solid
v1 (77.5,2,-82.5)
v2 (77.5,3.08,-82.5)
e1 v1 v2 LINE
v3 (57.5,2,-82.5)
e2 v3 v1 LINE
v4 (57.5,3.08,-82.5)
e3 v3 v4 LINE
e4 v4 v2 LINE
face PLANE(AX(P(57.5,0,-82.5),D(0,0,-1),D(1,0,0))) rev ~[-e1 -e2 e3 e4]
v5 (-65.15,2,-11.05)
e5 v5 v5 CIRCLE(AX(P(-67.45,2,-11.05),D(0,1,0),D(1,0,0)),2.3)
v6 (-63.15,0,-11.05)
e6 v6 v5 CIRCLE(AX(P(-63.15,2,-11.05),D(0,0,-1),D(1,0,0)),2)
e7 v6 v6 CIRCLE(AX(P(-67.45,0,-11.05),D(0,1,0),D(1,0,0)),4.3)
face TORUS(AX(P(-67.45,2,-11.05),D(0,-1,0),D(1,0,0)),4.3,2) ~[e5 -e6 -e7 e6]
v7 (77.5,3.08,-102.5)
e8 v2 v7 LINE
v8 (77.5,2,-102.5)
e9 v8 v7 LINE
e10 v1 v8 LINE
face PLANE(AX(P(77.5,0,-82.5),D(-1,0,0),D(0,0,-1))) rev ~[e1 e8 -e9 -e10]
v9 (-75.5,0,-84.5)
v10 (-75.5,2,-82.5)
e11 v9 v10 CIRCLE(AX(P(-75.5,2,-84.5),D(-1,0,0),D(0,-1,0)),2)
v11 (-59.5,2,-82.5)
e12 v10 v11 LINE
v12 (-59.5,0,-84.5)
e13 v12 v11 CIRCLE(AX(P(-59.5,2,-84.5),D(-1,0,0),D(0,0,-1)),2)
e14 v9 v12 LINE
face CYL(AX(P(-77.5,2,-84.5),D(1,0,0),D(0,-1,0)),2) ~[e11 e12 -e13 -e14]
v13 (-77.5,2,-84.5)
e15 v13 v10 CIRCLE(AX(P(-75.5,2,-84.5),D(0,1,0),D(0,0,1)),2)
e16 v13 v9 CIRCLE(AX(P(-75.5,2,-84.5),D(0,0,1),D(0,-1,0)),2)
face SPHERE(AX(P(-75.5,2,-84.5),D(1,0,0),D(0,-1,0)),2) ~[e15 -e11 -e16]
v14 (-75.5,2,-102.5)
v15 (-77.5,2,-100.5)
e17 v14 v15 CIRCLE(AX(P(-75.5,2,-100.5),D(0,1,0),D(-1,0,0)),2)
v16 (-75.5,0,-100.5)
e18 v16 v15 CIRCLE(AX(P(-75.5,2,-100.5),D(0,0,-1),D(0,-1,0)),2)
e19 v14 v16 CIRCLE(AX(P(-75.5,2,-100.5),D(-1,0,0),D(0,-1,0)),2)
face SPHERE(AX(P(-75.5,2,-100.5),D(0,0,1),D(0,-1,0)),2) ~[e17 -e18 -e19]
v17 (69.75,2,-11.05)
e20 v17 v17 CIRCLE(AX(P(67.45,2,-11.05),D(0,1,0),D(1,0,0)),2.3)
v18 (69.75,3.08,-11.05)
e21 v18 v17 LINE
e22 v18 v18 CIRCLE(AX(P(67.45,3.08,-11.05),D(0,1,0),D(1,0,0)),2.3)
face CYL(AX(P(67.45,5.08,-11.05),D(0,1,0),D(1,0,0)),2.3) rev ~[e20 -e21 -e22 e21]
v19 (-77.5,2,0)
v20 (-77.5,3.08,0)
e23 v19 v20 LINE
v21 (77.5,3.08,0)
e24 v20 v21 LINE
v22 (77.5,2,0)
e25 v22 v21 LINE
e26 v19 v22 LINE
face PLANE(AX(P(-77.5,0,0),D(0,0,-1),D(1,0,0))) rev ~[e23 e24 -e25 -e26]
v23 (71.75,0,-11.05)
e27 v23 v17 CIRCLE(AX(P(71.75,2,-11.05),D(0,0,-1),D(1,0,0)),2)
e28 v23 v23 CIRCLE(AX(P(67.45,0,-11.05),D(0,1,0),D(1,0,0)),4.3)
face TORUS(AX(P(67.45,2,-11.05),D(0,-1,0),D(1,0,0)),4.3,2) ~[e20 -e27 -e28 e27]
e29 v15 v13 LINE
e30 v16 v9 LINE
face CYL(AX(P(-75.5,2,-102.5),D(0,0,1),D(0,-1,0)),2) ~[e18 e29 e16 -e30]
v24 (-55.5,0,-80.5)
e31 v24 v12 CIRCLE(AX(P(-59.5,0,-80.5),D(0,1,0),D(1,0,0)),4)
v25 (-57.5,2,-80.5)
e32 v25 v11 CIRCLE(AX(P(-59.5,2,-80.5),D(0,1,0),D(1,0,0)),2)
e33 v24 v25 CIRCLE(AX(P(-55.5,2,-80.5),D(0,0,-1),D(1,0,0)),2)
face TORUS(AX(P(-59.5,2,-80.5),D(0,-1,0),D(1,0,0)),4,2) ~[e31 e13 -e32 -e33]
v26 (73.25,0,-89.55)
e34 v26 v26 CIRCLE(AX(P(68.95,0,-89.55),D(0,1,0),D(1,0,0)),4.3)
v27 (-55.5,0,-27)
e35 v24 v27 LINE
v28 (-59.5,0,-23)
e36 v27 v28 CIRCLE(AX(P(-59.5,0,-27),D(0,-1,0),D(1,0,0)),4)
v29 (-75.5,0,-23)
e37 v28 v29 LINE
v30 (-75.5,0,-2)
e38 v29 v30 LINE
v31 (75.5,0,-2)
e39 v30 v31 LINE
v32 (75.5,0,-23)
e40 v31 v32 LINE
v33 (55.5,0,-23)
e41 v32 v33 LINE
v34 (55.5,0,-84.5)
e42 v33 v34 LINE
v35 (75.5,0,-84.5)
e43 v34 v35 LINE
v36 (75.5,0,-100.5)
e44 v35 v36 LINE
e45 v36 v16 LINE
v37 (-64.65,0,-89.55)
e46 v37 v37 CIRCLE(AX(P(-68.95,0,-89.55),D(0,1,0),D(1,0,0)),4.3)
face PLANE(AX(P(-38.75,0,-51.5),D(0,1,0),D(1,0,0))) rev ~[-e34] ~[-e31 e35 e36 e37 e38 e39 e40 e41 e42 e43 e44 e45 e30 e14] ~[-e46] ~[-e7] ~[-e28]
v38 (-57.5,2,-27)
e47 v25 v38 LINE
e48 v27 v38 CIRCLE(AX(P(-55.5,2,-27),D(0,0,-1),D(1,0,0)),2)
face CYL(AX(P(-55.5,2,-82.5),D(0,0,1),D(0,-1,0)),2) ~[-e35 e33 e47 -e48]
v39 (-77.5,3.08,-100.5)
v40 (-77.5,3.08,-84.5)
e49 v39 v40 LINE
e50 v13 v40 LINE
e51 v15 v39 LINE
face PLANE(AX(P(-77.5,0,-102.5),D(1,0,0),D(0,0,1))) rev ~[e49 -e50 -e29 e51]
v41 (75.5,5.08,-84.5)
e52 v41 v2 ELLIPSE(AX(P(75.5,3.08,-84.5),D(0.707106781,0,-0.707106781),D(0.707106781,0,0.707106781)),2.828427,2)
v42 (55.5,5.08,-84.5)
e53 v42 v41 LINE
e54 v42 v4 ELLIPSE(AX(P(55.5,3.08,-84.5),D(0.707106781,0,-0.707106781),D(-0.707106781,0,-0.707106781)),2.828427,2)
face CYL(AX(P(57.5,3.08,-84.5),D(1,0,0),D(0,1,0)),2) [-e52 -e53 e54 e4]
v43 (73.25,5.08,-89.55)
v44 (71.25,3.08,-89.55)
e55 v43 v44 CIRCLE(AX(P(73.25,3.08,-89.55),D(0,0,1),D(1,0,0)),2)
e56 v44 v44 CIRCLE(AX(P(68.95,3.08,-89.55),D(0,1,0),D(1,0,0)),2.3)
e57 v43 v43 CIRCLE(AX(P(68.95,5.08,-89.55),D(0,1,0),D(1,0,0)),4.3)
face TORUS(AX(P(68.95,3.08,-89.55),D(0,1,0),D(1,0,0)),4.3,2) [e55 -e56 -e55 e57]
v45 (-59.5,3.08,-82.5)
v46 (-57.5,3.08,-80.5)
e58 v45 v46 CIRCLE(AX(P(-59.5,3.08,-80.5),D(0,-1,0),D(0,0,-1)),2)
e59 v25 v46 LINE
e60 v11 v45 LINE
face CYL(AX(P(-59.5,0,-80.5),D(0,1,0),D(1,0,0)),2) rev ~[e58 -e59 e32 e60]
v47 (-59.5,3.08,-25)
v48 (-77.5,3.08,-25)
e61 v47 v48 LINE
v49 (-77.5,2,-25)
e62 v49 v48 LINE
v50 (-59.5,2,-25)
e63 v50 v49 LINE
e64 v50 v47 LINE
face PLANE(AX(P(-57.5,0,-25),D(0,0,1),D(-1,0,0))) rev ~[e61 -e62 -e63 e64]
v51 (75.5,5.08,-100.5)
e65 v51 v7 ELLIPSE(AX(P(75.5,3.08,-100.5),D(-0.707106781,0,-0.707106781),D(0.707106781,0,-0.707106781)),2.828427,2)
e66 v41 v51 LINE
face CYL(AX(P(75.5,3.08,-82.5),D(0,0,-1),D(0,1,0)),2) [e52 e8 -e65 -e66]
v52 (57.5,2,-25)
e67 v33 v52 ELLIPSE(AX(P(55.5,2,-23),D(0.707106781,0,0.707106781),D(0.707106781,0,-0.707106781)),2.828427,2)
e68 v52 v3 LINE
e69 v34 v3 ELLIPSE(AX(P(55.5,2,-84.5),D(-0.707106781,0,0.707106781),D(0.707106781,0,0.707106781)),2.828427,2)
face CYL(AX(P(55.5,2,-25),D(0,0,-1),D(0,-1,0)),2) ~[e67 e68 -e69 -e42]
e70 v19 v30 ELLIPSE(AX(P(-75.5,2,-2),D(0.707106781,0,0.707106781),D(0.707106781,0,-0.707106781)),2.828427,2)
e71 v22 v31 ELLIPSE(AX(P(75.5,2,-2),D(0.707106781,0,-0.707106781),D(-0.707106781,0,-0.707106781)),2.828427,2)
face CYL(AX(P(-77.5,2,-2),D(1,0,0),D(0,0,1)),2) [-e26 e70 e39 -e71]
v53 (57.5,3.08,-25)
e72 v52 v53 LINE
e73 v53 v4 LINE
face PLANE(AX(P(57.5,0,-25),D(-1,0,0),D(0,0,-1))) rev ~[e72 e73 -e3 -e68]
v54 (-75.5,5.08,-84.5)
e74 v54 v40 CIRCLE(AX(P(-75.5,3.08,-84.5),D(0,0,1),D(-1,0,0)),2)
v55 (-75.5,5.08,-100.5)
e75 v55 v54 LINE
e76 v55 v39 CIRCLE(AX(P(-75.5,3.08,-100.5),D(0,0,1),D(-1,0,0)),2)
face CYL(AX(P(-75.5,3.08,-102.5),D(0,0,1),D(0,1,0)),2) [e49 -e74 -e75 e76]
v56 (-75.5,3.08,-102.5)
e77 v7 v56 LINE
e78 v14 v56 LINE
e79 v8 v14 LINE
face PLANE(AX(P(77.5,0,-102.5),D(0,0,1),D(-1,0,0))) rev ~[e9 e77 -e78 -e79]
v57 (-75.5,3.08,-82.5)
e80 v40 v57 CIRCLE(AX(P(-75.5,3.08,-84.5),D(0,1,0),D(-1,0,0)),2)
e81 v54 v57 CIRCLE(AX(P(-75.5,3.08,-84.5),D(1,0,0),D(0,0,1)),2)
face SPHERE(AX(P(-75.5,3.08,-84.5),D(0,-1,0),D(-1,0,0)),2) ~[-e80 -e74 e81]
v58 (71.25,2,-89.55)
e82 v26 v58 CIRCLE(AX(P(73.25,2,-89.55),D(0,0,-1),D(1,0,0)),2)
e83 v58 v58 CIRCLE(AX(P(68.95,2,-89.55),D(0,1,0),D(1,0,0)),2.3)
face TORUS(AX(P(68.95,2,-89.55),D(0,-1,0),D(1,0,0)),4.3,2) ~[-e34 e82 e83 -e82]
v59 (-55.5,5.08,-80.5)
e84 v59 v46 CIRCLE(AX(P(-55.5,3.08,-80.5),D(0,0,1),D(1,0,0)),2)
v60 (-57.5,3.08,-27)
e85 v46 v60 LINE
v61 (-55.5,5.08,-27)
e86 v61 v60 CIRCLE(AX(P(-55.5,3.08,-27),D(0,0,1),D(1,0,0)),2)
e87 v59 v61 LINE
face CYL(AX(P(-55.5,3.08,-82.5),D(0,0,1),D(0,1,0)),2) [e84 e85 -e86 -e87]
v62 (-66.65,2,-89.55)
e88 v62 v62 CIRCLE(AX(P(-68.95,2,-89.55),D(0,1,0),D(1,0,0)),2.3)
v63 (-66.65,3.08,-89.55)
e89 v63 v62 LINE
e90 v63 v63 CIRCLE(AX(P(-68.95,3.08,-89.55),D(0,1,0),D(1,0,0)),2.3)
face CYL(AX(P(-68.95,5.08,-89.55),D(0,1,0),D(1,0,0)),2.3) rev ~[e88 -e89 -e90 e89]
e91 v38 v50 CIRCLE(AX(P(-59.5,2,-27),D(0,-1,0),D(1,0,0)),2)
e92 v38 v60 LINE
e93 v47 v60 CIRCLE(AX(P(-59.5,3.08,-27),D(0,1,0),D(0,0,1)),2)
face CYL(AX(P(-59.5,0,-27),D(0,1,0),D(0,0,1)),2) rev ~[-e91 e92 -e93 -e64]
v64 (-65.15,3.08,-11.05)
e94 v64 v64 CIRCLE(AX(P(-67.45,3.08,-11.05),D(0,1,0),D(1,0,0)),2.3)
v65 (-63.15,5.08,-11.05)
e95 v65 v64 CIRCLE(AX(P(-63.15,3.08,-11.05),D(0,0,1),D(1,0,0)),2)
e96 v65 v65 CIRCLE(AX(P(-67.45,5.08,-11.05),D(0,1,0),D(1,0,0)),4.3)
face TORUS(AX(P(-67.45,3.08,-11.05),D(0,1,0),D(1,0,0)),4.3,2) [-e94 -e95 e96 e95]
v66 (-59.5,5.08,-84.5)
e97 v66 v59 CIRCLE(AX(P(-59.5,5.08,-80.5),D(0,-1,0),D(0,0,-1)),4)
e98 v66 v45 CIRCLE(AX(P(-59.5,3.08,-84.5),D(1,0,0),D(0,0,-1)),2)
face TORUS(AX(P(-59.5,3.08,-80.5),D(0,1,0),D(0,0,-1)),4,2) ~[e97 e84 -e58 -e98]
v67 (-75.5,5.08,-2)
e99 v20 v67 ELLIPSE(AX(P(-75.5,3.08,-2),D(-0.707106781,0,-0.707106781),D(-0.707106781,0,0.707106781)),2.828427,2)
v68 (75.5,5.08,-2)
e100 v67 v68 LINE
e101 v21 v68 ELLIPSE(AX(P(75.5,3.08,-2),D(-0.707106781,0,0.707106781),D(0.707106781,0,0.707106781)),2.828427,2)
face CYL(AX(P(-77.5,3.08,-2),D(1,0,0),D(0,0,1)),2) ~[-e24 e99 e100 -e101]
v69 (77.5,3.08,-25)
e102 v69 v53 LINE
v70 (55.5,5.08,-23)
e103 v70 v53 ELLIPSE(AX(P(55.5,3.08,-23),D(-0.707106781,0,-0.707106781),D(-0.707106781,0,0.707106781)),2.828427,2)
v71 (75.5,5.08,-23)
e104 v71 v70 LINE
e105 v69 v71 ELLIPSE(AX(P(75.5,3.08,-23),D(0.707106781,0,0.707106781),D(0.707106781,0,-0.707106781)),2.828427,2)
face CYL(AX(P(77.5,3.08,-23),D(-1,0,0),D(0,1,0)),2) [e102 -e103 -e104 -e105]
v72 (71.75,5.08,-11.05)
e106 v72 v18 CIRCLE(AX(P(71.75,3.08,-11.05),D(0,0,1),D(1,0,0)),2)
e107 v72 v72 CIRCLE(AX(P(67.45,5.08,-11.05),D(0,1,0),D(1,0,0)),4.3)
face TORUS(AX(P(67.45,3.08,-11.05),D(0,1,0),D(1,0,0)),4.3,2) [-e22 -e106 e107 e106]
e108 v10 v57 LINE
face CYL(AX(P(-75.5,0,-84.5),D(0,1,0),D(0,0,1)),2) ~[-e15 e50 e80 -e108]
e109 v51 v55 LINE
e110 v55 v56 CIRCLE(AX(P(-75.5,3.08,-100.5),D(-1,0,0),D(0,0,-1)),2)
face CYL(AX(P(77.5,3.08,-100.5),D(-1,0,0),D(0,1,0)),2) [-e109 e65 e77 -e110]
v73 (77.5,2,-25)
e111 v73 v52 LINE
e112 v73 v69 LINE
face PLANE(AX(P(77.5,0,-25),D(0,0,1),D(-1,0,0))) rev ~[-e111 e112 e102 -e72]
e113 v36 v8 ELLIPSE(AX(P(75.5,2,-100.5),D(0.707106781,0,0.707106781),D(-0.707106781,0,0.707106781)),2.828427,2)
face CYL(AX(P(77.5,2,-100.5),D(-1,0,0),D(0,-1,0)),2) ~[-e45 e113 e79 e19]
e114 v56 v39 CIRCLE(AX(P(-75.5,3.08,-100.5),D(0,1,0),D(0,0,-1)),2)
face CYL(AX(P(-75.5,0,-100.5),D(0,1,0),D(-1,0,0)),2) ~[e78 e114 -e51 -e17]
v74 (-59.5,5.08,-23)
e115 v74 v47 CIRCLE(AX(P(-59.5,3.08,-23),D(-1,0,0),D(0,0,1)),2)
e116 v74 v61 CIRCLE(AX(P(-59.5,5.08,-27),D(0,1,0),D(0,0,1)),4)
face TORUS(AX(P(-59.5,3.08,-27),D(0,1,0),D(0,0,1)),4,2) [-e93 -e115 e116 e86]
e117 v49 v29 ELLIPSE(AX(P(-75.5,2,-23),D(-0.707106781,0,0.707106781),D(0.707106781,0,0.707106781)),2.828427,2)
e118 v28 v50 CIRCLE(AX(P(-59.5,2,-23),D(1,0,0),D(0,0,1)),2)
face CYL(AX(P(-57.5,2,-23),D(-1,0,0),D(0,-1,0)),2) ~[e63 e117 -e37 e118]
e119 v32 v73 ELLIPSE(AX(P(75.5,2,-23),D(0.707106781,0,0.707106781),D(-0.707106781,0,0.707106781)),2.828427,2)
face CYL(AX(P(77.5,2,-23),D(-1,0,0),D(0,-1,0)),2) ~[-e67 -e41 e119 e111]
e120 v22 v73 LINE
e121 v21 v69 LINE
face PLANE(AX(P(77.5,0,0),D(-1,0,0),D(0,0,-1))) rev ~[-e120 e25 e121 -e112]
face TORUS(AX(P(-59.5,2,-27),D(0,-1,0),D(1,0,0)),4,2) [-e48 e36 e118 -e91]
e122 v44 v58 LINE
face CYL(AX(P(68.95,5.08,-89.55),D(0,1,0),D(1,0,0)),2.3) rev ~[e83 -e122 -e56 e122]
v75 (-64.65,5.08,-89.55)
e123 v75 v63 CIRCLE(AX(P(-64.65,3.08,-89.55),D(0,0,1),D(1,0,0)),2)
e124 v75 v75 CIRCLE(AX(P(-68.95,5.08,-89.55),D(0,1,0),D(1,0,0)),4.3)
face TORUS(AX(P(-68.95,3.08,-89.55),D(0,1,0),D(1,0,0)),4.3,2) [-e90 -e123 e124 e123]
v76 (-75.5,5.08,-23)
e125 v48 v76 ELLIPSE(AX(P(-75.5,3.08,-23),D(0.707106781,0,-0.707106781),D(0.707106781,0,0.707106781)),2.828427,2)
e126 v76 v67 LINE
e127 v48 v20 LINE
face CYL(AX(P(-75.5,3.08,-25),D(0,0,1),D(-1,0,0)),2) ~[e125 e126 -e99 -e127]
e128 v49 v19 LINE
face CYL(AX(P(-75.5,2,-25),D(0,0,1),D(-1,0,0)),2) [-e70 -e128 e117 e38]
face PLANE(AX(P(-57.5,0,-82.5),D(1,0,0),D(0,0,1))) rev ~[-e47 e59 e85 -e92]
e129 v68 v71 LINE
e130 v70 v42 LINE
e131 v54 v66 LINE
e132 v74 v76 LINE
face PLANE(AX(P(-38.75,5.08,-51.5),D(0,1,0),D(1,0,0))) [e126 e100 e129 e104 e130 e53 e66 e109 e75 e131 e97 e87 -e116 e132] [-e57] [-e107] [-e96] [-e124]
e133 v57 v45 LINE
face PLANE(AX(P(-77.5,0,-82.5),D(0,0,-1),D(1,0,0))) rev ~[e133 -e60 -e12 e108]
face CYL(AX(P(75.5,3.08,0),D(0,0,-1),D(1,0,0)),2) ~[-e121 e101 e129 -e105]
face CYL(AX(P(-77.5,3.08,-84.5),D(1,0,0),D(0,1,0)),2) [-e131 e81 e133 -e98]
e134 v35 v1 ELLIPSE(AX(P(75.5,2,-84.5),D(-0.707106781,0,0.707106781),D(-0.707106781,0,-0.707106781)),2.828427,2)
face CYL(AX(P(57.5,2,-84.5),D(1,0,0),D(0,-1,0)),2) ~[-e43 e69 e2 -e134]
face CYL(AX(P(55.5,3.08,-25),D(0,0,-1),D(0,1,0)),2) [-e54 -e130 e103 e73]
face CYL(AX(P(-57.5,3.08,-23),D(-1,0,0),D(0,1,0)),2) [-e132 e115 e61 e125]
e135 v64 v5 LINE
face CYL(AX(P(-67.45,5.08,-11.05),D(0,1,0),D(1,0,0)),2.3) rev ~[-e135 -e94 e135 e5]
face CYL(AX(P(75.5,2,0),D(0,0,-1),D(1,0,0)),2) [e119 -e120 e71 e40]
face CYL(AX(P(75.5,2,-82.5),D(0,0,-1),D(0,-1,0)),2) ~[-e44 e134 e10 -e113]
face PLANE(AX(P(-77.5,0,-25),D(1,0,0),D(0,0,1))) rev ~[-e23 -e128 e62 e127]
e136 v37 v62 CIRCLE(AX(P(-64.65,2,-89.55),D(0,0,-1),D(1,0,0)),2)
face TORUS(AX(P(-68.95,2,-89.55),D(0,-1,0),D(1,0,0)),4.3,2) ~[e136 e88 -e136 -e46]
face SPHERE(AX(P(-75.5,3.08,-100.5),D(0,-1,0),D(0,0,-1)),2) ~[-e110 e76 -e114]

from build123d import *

# Parameters (mm, degrees)
BOSS_EXTRUDE1_DEPTH = 5.08
SKETCH2_R           = 2.3
CUT_EXTRUDE1_DEPTH  = 5.08
FILLET1_R           = 2


with BuildPart() as part:
    # Sketch1 → Boss-Extrude1 (new body)
    with BuildSketch(Plane(origin=(0, 0, 0), x_dir=(1, 0, 0), z_dir=(0, 1, 0))):
        Polygon((-77.5, 0), (0, 0), (0, 102.5), (-77.5, 102.5), (-77.5, 82.5), (-57.5, 82.5), (-57.5, 25), (-77.5, 25), align=None)
        Polygon((0, 0), (77.5, 0), (77.5, 25), (57.5, 25), (57.5, 82.5), (77.5, 82.5), (77.5, 102.5), (0, 102.5), align=None)
    extrude(amount=BOSS_EXTRUDE1_DEPTH)

    # Sketch2 → Cut-Extrude1 (cut)
    with BuildSketch(Plane(origin=(0, 5.08, 0), x_dir=(1, 0, 0), z_dir=(0, 1, 0))):
        with Locations((-68.95, 89.55)):
            Circle(SKETCH2_R)
        with Locations((68.95, 89.55)):
            Circle(SKETCH2_R)
        with Locations((-67.45, 11.05)):
            Circle(SKETCH2_R)
        with Locations((67.45, 11.05)):
            Circle(SKETCH2_R)
    extrude(amount=-CUT_EXTRUDE1_DEPTH, mode=Mode.SUBTRACT)

    # Fillet1
    fillet1_edges = [part.edges().sort_by_distance(p)[0] for p in [
        (-77.5, 5.08, -12.5),
        (-57.5, 0, -53.75),
        (-67.5, 0, -82.5),
        (-77.5, 0, -92.5),
        (0, 5.08, 0),
        (0, 0, -102.5),
        (77.5, 0, -92.5),
        (67.5, 0, -82.5),
        (57.5, 0, -53.75),
        (67.5, 0, -25),
        (77.5, 0, -12.5),
        (0, 0, 0),
        (-77.5, 0, -12.5),
        (-67.5, 0, -25),
        (77.5, 5.08, -12.5),
        (-57.5, 2.54, -25),
        (-57.5, 2.54, -82.5),
        (-77.5, 2.54, -82.5),
        (-77.5, 2.54, -102.5),
        (67.5, 5.08, -25),
        (57.5, 5.08, -53.75),
        (67.5, 5.08, -82.5),
        (77.5, 5.08, -92.5),
        (0, 5.08, -102.5),
        (66.65, 5.08, -89.55),
        (-67.5, 5.08, -25),
        (66.65, 0, -89.55),
        (-69.75, 5.08, -11.05),
        (-77.5, 5.08, -92.5),
        (-69.75, 0, -11.05),
        (65.15, 5.08, -11.05),
        (65.15, 0, -11.05),
        (-71.25, 5.08, -89.55),
        (-71.25, 0, -89.55),
        (-67.5, 5.08, -82.5),
        (-57.5, 5.08, -53.75),
    ]]
    fillet(fillet1_edges, radius=FILLET1_R)


solid = part.part
